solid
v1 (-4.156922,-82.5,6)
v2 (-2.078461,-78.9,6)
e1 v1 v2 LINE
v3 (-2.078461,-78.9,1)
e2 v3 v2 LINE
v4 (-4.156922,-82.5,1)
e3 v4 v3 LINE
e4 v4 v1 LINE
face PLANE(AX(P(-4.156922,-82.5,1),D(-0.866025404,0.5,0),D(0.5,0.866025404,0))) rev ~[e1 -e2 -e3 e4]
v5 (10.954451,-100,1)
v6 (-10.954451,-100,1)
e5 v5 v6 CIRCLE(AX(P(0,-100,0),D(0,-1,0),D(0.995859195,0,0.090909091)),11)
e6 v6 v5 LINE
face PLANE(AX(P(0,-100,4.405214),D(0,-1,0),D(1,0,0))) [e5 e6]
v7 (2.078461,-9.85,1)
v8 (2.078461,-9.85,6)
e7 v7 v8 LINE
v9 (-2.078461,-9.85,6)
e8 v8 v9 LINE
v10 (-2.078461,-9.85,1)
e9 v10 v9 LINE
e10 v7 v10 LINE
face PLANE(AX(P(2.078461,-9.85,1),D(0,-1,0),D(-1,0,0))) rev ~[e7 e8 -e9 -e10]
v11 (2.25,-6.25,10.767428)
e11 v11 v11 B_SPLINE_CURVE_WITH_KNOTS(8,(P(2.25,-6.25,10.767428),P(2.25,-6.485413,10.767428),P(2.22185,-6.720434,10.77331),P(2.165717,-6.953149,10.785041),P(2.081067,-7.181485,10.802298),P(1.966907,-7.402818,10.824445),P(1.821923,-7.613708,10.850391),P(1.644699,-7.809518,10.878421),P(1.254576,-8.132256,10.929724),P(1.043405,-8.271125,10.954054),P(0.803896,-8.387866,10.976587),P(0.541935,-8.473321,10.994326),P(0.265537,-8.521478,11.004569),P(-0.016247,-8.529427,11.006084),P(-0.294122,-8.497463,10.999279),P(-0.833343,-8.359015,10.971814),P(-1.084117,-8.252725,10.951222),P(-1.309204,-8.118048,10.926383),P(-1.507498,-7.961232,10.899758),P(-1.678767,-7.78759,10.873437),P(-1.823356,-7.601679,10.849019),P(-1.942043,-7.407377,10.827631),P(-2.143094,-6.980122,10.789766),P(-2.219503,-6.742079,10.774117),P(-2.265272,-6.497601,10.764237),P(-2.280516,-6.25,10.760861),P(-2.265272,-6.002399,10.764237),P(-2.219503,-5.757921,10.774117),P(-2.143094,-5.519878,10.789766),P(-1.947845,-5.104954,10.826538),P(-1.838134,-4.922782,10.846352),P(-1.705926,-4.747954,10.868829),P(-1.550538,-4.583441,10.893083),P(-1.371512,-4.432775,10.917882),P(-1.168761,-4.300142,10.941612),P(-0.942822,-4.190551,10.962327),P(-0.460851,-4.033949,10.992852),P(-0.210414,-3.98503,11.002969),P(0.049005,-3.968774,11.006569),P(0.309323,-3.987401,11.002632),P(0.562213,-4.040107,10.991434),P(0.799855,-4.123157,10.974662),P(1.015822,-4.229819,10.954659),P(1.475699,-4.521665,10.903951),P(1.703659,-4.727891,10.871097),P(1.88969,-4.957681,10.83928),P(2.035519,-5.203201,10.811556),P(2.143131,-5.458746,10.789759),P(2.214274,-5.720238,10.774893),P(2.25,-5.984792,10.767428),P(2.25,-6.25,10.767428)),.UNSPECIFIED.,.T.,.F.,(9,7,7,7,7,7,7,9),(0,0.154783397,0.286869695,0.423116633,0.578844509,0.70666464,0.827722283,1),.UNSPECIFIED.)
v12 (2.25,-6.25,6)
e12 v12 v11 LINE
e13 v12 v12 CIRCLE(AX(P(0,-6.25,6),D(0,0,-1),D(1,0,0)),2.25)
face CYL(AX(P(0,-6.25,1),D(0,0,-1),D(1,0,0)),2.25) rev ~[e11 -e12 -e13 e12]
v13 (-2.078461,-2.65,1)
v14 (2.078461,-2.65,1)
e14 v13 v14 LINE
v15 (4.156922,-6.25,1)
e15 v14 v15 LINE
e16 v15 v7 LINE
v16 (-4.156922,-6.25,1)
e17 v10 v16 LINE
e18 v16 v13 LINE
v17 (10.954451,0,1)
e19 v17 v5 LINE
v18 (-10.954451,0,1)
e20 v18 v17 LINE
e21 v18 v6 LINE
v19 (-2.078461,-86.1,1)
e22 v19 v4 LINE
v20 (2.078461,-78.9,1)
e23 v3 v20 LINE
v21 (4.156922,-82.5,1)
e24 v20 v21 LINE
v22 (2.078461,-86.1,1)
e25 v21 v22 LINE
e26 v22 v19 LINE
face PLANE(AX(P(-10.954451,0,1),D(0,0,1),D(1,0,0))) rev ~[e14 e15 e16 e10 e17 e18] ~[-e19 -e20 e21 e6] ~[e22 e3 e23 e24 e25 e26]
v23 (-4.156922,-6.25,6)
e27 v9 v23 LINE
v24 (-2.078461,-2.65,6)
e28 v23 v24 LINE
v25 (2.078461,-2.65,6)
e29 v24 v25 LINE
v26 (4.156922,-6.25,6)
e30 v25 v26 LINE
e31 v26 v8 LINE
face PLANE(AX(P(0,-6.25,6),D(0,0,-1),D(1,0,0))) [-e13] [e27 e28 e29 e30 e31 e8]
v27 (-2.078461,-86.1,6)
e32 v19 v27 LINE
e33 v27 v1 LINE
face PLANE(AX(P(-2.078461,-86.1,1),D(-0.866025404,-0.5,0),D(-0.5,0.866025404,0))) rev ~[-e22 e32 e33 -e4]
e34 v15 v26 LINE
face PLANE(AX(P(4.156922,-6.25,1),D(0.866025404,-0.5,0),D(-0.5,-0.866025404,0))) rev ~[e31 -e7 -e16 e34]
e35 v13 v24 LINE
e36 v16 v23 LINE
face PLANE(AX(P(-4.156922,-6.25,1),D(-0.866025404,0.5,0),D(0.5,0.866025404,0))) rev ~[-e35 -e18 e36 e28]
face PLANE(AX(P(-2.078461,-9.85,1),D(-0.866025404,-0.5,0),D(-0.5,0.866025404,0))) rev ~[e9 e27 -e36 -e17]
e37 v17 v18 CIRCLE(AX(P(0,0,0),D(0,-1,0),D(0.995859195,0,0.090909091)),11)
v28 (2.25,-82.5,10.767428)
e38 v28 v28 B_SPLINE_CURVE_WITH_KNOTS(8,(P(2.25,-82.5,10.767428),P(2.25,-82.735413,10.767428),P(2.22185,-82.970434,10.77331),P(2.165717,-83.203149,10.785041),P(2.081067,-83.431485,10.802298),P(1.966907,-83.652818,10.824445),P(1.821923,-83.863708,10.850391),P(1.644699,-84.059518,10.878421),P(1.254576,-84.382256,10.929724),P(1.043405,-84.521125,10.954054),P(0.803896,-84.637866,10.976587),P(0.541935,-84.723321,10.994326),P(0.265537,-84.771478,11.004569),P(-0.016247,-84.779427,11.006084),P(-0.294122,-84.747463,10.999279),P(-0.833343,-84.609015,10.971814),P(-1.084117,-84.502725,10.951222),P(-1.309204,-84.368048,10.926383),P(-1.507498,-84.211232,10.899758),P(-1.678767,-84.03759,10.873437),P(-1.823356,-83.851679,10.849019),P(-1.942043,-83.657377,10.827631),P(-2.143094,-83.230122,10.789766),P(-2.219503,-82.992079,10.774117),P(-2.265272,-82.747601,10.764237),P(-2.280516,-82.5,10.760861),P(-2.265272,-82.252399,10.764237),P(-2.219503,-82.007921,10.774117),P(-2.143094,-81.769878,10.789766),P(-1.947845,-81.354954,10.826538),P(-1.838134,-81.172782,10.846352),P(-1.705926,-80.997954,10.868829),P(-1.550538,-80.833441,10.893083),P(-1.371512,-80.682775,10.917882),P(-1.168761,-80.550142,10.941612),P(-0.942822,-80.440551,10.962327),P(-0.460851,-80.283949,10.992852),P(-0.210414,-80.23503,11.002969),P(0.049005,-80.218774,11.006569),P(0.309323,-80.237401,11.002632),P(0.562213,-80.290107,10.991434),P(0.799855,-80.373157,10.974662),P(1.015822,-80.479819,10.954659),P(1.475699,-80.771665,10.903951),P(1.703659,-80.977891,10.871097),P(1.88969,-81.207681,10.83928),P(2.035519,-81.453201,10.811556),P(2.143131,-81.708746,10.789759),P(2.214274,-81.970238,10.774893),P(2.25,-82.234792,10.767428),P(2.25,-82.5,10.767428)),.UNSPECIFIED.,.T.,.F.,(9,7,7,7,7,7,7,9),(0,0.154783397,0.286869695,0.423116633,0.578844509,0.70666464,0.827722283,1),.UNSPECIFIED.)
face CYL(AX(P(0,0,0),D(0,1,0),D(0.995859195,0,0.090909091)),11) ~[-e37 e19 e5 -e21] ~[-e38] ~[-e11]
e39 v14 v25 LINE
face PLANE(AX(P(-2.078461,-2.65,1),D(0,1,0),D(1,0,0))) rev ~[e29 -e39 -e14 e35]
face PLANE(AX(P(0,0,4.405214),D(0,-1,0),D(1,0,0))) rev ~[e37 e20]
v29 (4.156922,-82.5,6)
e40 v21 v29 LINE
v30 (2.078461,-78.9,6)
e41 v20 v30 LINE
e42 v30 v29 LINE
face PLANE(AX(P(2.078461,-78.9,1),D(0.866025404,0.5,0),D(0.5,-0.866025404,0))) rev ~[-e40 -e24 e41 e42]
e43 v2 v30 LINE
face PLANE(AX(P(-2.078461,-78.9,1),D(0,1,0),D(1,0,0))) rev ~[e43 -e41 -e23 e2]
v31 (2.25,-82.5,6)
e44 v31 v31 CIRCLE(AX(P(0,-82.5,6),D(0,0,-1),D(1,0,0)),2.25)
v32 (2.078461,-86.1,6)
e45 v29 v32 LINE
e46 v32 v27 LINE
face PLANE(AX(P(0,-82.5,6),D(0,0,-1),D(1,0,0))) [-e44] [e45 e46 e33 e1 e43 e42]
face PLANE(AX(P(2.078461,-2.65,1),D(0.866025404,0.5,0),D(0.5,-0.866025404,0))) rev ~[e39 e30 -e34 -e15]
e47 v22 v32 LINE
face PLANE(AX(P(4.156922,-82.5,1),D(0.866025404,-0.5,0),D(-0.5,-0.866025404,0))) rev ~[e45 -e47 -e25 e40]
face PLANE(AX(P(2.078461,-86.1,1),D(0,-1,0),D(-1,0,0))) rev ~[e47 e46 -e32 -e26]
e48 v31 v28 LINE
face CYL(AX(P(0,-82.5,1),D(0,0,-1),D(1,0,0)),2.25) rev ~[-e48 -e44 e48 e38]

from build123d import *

# Parameters (mm, degrees)
F1_DEPTH = 100
F2_R     = 2.25
F3_DEPTH = 5
F4_DEPTH = 25


with BuildPart() as f1:
    # F0 (on Front) → F1 (new body)
    with BuildSketch(Plane.XZ):
        with BuildLine():
            ThreePointArc((10.9544511501, 1), (0, 11), (-10.9544511501, 1))
            Line((-10.9544511501, 1), (10.9544511501, 1))
        make_face()
    extrude(amount=F1_DEPTH)

    # F2 (on face) → F3 (cut)
    with BuildSketch(Plane(origin=(0, 0, 1), x_dir=(1, 0, 0), z_dir=(0, 0, -1))):
        Polygon((-2.0784609691, 2.65), (2.0784609691, 2.65), (4.1569219382, 6.25), (2.0784609691, 9.85), (-2.0784609691, 9.85), (-4.1569219382, 6.25), align=None)
        with Locations((0, 6.25)):
            Circle(F2_R, mode=Mode.SUBTRACT)
        Polygon((-2.0784609691, 78.9), (2.0784609691, 78.9), (4.1569219382, 82.5), (2.0784609691, 86.1), (-2.0784609691, 86.1), (-4.1569219382, 82.5), align=None)
        with Locations((0, 82.5)):
            Circle(F2_R, mode=Mode.SUBTRACT)
    extrude(amount=-F3_DEPTH, mode=Mode.SUBTRACT)

    # F4 (cut): faces of the model
    f4_faces = [f1.faces().sort_by_distance(p)[0] for p in [
        (0, -82.5, 1),
        (0, -6.25, 1),
    ]]
    extrude(f4_faces, amount=-F4_DEPTH, mode=Mode.SUBTRACT)


solid = f1.part
